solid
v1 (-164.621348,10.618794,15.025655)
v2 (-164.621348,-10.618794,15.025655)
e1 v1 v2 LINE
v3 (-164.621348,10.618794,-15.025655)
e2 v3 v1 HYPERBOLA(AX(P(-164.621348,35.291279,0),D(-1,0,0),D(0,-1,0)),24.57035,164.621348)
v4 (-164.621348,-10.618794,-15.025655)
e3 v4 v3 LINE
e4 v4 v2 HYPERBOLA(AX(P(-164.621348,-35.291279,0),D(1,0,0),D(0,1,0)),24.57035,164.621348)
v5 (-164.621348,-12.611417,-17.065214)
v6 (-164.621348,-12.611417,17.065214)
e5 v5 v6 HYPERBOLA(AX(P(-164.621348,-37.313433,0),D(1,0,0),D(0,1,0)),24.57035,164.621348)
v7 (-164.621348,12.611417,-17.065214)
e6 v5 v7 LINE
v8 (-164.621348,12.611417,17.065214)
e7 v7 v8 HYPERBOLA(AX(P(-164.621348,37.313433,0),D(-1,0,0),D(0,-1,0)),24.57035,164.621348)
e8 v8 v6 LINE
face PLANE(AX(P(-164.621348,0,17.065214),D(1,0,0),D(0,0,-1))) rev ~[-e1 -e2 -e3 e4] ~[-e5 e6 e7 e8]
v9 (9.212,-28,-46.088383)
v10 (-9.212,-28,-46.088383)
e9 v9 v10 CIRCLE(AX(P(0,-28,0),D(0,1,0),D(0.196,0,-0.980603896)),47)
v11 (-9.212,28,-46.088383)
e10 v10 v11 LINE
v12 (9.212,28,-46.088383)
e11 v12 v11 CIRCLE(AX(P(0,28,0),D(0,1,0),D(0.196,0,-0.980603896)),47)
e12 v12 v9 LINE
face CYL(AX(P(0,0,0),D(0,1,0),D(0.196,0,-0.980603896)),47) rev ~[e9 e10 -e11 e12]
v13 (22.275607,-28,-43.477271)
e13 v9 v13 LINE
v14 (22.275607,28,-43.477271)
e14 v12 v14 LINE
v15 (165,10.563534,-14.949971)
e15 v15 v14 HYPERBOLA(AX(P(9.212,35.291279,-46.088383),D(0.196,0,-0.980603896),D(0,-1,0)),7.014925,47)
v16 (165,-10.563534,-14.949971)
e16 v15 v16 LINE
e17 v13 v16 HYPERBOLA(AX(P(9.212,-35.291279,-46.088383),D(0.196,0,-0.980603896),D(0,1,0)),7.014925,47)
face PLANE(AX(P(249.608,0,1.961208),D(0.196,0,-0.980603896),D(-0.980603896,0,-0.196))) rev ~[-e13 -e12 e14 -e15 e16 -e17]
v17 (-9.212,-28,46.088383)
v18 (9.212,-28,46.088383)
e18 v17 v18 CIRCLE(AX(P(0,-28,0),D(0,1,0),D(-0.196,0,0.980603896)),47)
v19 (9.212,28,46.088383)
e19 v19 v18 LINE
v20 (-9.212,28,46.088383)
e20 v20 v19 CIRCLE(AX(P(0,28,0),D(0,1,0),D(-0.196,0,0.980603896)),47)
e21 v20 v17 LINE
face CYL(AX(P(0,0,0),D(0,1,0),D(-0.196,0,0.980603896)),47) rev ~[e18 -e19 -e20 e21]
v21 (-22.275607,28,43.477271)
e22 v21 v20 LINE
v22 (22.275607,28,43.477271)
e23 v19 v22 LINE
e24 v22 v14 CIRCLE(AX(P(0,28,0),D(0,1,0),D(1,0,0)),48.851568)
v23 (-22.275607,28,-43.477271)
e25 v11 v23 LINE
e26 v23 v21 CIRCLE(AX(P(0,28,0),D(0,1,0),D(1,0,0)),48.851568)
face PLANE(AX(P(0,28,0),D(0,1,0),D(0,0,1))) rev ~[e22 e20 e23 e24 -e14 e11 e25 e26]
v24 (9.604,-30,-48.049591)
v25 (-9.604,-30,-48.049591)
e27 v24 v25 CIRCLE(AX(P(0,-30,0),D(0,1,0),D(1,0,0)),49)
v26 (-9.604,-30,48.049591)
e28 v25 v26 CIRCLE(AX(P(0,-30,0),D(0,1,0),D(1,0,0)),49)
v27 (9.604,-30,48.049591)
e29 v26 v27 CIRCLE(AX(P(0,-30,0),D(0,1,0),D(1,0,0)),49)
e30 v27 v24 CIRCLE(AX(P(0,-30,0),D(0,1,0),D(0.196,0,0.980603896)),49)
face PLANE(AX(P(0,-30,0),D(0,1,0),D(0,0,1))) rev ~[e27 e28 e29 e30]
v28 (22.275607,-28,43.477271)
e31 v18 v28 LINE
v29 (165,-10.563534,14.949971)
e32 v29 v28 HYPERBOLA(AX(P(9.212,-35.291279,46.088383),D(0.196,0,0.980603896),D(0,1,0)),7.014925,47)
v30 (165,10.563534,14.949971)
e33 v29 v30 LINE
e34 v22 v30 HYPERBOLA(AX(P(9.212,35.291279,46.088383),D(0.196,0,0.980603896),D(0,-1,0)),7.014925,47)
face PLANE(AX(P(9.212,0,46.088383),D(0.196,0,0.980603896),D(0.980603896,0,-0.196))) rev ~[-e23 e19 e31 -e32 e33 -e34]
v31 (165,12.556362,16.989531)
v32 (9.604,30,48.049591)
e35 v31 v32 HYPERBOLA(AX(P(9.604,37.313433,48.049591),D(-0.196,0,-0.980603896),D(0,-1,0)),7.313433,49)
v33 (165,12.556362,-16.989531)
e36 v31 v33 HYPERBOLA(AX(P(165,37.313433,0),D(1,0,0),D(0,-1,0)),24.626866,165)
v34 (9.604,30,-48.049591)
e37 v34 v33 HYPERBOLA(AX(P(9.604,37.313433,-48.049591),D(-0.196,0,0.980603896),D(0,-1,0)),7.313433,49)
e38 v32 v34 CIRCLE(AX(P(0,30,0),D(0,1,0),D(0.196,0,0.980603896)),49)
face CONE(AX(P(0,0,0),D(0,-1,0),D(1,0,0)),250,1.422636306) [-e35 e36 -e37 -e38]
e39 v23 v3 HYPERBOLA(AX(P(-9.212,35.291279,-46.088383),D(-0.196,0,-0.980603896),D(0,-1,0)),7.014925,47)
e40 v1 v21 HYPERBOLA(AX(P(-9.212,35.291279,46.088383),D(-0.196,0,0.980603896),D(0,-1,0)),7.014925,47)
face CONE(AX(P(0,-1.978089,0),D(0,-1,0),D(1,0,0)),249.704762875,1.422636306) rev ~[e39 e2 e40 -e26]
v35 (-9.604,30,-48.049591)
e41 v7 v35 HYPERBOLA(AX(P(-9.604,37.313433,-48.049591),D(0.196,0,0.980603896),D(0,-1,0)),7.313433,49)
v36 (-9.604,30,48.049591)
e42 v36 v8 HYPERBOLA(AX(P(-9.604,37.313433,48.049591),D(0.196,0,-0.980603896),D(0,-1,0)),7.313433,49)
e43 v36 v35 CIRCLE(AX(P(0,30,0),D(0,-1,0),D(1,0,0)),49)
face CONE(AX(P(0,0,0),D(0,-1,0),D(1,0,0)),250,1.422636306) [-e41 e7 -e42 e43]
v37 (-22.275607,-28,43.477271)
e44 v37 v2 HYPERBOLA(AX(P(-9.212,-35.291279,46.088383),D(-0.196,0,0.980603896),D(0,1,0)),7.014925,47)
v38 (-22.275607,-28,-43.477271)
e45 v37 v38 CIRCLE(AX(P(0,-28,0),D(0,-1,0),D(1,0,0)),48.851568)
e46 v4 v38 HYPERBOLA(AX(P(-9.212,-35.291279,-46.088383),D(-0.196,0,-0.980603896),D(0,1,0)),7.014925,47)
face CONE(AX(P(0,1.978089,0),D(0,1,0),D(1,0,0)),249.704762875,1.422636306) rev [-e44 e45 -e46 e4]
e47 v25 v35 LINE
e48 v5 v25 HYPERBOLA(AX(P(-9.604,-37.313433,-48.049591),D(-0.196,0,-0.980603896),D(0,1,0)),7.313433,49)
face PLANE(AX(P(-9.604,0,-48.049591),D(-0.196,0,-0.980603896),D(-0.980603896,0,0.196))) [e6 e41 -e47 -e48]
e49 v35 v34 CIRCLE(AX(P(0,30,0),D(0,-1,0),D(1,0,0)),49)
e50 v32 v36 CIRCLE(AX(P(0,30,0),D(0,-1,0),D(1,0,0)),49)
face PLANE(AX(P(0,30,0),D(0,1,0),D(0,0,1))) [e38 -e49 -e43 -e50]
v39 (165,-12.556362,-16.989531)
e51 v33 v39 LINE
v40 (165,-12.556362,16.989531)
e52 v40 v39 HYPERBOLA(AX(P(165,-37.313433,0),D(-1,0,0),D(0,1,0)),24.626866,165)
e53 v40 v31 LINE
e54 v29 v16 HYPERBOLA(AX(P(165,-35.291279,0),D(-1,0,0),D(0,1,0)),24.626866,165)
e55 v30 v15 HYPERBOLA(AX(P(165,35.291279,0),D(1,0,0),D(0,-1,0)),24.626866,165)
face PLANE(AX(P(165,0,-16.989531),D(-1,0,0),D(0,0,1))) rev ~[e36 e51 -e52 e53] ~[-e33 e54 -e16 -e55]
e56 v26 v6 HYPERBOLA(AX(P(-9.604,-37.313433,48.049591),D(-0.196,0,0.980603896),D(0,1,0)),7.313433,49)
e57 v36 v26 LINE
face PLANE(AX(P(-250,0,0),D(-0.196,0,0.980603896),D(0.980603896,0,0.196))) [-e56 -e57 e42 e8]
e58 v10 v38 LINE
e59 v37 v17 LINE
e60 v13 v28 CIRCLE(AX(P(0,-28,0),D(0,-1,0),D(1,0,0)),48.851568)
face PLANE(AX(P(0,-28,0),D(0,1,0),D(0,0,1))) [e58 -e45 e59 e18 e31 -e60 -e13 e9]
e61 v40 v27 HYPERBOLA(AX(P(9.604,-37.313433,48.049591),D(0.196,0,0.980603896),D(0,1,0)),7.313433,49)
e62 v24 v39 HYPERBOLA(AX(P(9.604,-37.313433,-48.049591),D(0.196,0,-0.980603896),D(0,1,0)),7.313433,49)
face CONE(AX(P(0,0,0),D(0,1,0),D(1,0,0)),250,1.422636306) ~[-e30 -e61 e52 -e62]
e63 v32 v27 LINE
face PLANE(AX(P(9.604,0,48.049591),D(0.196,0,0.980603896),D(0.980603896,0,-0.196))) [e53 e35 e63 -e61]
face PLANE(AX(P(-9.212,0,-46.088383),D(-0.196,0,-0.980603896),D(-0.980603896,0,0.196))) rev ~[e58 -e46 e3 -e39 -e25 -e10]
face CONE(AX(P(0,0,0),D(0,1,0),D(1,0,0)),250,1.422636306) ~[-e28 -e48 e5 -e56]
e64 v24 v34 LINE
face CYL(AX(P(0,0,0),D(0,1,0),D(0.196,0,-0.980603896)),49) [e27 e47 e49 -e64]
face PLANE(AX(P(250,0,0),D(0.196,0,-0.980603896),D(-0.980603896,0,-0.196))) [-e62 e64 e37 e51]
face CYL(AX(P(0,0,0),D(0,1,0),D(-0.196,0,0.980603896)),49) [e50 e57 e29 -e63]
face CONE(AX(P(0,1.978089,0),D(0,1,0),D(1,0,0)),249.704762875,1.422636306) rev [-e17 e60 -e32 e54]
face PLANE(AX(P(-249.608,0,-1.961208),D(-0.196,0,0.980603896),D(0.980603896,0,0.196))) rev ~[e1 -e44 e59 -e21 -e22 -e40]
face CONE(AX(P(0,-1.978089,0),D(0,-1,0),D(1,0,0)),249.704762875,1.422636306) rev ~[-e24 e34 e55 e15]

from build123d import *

# Parameters (mm, degrees)
SKETCH_1_R               = 49
EXTRUDE_1_DEPTH          = 30
SKETCH_16_R              = 250
SKETCH_16_5_R            = 250
SKETCH_14_OUTSIDE_W      = 643.93
SKETCH_14_OUTSIDE_H      = 643.93
CUT_EXTRUDE_1_DEPTH      = 355.823900134
CUT_EXTRUDE_1_DEPTH_BACK = 355.823900134
SHELL_1_T                = 2
SKETCH_15_OUTSIDE_W      = 604.606
SKETCH_15_OUTSIDE_H      = 202.606
CUT_EXTRUDE_2_DEPTH      = 257.517055963
CUT_EXTRUDE_2_DEPTH_BACK = 257.517055963


with BuildPart() as part:
    # 草图1 → 凸台-拉伸1 (new, symmetric)
    with BuildSketch(Plane(origin=(0, 0, 0), x_dir=(1, 0, 0), z_dir=(0, 1, 0))):
        with Locations(Location((0, 0, 0), (0, 0, 270))):
            Circle(SKETCH_1_R)
    extrude(amount=EXTRUDE_1_DEPTH, both=True)

    # 草图16 → section 0 of loft_1
    with BuildSketch(Plane(origin=(0, 0, 0), x_dir=(1, 0, 0), z_dir=(0, 1, 0)), mode=Mode.PRIVATE) as loft_1_s0:
        Circle(SKETCH_16_R)
    # loft up to a face of the part (loft_1)
    loft([loft_1_s0.sketch, Face(Wire([part.edges().sort_by_distance((35.719462744, 30, -33.542808191))[0]]))])

    # 草图16<5> → section 0 of loft_3
    with BuildSketch(Plane(origin=(0, 0, 0), x_dir=(1, 0, 0), z_dir=(0, 1, 0)), mode=Mode.PRIVATE) as loft_3_s0:
        Circle(SKETCH_16_5_R)
    # loft up to a face of the part (loft_3)
    loft([loft_3_s0.sketch, Face(Wire([part.edges().sort_by_distance((-35.719462744, -30, -33.542808191))[0]]))])

    # 草图14 outside → 切除-拉伸1 (cut, two sides)
    with BuildSketch(Plane(origin=(0, 0, 0), x_dir=(1, 0, 0), z_dir=(0, 1, 0))) as cut_extrude_1_sk:
        Rectangle(SKETCH_14_OUTSIDE_W, SKETCH_14_OUTSIDE_H)
        with BuildLine():
            Line((-250, 0), (-9.604, -48.049590883))
            ThreePointArc((-9.604, -48.049590883), (0, -49), (9.604, -48.049590883))
            Line((9.604, -48.049590883), (250, 0))
            Line((250, 0), (9.604, 48.049590883))
            ThreePointArc((9.604, 48.049590883), (1.6e-08, 49), (-9.603999968, 48.049590889))
            Line((-9.603999968, 48.049590889), (-250, 0))
        make_face(mode=Mode.SUBTRACT)
    extrude(amount=CUT_EXTRUDE_1_DEPTH, mode=Mode.SUBTRACT)
    extrude(cut_extrude_1_sk.sketch, amount=-CUT_EXTRUDE_1_DEPTH_BACK, mode=Mode.SUBTRACT)

    # 抽壳1 (no face opened: a closed hollow body)
    add(offset(amount=-SHELL_1_T, mode=Mode.PRIVATE), mode=Mode.SUBTRACT)

    # 草图15 outside → 切除-拉伸2 (cut, two sides)
    with BuildSketch(Plane(origin=(0, 0, 0), x_dir=(1, 0, 0), z_dir=(0, 1, 0))) as cut_extrude_2_sk:
        Rectangle(SKETCH_15_OUTSIDE_W, SKETCH_15_OUTSIDE_H)
        with BuildLine():
            Line((-9.60400022, -48.049590839), (-164.621347882, -17.065214498))
            Line((-164.621347882, -17.065214498), (-164.621347882, 17.065214498))
            Line((-164.621347882, 17.065214498), (-9.604, 48.049590883))
            ThreePointArc((-9.604, 48.049590883), (0, 49), (9.604, 48.049590883))
            Line((9.604, 48.049590883), (165, 16.989530712))
            Line((165, 16.989530712), (165, -16.989530712))
            Line((165, -16.989530712), (9.604, -48.049590883))
            ThreePointArc((9.604, -48.049590883), (-1.12e-07, -49), (-9.60400022, -48.049590839))
        make_face(mode=Mode.SUBTRACT)
    extrude(amount=CUT_EXTRUDE_2_DEPTH, mode=Mode.SUBTRACT)
    extrude(cut_extrude_2_sk.sketch, amount=-CUT_EXTRUDE_2_DEPTH_BACK, mode=Mode.SUBTRACT)


solid = part.part
